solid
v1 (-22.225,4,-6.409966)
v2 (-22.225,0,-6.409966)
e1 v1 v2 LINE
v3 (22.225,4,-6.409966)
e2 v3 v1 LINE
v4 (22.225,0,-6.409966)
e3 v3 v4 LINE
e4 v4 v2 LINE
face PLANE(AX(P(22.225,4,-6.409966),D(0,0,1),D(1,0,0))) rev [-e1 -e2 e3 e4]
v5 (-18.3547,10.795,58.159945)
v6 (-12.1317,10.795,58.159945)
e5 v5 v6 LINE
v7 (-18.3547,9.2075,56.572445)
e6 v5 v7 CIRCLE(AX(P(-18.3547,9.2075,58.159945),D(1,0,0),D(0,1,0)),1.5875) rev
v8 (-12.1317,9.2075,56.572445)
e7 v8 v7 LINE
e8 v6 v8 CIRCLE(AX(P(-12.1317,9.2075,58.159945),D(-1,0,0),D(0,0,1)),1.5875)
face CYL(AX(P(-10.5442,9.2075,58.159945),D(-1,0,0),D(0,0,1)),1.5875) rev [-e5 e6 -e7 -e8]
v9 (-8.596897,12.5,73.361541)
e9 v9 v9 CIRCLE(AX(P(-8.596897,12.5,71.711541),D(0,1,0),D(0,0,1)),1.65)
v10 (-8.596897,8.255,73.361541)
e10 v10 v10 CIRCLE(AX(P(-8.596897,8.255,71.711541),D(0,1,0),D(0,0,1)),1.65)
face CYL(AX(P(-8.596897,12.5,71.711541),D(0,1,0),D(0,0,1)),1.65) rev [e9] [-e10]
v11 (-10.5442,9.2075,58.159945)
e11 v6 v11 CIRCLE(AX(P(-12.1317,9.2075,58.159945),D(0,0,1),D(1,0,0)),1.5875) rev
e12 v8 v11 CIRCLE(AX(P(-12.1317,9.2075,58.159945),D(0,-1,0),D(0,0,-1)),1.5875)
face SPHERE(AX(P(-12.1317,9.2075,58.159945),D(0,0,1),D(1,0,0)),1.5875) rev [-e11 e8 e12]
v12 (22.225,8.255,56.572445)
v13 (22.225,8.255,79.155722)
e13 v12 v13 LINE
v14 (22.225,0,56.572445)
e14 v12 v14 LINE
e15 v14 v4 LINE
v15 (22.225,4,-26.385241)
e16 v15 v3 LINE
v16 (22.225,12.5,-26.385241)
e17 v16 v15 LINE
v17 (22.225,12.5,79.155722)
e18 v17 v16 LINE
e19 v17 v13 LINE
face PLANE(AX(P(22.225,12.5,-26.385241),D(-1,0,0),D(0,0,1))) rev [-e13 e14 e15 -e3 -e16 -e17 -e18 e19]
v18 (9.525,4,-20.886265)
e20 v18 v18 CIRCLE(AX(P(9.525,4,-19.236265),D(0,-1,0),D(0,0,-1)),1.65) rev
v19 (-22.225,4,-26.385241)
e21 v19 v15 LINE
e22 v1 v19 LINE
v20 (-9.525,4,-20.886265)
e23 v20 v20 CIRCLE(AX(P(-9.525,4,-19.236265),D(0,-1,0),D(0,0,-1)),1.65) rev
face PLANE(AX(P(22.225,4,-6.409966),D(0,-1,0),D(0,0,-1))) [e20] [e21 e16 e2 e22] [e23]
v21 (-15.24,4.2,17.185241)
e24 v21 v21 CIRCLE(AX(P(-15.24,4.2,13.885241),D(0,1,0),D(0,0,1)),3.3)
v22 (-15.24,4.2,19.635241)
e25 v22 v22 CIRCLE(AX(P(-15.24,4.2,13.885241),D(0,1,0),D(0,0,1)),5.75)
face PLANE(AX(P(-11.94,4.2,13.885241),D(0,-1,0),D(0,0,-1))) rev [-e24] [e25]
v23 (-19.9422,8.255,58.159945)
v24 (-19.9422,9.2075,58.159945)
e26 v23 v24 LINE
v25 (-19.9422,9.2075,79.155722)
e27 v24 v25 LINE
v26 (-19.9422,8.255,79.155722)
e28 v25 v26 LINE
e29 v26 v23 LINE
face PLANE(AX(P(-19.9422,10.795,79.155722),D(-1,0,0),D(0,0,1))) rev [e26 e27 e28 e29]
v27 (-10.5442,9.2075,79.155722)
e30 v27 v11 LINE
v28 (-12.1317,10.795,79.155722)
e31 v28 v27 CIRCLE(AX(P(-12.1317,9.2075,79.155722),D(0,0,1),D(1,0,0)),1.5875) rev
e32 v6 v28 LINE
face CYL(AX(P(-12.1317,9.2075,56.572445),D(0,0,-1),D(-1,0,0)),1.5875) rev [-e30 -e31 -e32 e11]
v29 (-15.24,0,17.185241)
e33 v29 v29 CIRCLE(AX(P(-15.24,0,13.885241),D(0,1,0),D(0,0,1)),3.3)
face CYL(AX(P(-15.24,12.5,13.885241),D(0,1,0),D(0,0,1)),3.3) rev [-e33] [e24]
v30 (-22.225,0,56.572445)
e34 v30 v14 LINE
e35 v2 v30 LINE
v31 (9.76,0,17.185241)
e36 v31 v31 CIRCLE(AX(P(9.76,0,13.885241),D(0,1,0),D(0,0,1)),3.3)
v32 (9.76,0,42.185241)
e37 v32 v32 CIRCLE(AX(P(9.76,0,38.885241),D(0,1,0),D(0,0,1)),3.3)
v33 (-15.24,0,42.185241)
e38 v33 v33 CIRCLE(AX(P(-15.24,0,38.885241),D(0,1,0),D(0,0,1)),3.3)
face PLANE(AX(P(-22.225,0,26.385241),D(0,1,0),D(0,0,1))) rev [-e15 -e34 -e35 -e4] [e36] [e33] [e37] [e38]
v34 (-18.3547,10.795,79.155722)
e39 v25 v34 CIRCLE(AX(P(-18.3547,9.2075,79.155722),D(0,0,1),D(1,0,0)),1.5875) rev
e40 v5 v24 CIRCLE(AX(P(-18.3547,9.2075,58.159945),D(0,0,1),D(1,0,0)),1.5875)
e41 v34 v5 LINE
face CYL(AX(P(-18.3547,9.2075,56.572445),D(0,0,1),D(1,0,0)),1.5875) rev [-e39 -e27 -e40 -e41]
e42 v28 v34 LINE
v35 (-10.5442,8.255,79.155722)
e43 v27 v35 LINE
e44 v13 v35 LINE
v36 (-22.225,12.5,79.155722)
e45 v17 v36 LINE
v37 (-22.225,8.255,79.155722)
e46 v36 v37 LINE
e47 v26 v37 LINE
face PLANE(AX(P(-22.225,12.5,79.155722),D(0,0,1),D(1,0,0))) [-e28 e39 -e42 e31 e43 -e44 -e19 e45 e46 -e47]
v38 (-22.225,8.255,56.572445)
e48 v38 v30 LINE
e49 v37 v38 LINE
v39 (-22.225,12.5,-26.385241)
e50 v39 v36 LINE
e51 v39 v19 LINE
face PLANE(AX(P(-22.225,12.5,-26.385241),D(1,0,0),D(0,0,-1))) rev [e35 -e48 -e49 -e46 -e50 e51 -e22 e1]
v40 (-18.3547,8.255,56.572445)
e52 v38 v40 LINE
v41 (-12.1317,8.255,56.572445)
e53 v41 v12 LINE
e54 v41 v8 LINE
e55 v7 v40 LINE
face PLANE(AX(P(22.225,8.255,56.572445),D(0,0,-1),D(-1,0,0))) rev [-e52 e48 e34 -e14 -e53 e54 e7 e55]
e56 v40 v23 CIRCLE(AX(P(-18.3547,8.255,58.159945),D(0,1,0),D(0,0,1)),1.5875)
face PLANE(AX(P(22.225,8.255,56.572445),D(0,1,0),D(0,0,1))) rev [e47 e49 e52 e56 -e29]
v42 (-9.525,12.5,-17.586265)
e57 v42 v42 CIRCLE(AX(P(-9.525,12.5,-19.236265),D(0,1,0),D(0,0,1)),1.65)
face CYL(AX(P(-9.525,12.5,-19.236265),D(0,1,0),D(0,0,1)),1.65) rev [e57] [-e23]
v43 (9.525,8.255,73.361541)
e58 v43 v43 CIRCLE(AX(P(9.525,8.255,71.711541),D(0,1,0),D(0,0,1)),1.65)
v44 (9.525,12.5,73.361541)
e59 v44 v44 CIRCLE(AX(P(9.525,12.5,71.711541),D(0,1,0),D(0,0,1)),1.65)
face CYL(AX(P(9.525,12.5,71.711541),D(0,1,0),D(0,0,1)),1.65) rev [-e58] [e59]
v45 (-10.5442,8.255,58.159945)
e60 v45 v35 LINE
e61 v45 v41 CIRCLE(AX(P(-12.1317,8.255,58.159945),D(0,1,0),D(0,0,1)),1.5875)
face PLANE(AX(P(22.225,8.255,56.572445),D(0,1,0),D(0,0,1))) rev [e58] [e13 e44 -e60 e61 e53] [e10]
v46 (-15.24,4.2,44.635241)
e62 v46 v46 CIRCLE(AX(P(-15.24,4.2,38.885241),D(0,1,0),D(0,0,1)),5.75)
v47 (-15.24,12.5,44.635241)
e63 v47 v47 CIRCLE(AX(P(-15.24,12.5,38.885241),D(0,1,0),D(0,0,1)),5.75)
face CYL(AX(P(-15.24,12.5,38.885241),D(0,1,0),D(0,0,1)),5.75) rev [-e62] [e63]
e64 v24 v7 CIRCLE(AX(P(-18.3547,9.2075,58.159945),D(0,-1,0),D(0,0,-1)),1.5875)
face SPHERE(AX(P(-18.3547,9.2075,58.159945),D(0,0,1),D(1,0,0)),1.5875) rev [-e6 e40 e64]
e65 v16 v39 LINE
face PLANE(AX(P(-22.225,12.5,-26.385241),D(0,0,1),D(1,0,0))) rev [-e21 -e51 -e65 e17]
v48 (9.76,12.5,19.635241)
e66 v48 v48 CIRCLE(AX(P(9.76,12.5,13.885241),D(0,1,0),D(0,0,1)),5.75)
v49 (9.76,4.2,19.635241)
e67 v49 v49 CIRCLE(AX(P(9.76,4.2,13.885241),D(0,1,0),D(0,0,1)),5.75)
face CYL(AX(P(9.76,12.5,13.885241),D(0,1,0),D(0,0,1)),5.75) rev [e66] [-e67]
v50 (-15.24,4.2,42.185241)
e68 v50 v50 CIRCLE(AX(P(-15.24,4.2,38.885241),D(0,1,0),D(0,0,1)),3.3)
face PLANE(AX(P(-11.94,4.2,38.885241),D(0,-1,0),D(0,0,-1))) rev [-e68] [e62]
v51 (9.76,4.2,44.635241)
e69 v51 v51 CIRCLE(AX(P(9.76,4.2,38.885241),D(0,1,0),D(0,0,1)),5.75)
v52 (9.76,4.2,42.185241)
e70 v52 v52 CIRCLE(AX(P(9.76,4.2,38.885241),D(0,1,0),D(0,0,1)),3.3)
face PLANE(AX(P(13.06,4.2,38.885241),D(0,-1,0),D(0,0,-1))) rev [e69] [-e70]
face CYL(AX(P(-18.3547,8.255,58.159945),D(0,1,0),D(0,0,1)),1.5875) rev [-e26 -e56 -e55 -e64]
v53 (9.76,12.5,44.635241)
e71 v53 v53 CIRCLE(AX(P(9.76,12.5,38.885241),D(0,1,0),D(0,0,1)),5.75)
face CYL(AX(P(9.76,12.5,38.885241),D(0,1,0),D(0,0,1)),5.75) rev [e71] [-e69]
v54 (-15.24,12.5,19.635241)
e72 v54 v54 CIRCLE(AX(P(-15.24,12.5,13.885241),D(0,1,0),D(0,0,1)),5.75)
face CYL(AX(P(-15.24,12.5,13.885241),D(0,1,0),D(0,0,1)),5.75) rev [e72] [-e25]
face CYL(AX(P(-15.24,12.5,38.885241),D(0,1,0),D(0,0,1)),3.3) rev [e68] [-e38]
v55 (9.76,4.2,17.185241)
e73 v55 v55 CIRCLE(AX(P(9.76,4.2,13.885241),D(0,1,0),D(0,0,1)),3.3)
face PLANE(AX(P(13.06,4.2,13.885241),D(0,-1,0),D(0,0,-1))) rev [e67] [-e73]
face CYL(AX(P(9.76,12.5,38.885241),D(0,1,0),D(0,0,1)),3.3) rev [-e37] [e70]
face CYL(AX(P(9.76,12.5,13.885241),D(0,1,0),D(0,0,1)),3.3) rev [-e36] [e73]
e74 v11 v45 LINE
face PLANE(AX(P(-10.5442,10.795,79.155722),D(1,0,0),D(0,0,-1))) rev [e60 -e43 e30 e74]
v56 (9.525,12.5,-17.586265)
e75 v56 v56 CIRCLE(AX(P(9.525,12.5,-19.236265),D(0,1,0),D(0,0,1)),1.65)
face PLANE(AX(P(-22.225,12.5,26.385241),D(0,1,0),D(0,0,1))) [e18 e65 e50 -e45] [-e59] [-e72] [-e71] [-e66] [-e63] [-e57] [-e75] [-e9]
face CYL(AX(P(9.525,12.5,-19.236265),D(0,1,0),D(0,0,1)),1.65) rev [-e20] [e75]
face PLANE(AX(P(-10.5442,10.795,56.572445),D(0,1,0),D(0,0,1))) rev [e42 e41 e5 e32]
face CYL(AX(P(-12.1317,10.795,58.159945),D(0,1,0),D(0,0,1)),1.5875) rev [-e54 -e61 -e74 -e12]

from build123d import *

# Parameters (mm, degrees)
SKETCH1_W                       = 44.45
SKETCH1_H                       = 52.7704812
EXTRUDE1_DEPTH                  = 12.5
M4X0_7_TAPPED_HOLE2_D           = 3.3
CBORE_FOR_M6_SBHCS1_D           = 6.6
CBORE_FOR_M6_SBHCS1_CBORE_D     = 11.5
CBORE_FOR_M6_SBHCS1_CBORE_DEPTH = 8.3
SKETCH6_W                       = 44.45
SKETCH6_H                       = 22.583276864
EXTRUDE2_DEPTH                  = 8.255
SKETCH7_W                       = 44.45
SKETCH7_H                       = 19.975275
EXTRUDE3_DEPTH                  = 4
SKETCH8_W                       = 9.398
SKETCH8_H                       = 22.583276864
CUT_EXTRUDE1_DEPTH              = 2.54
FILLET1_R                       = 1.5875
M4X0_7_TAPPED_HOLE3_D           = 3.3


with BuildPart() as part:
    # Sketch1 → Extrude1 (new body)
    with BuildSketch(Plane(origin=(0, 0, 0), x_dir=(1, 0, 0), z_dir=(0, 1, 0))):
        Rectangle(SKETCH1_W, SKETCH1_H)
    extrude1 = extrude(amount=EXTRUDE1_DEPTH)

    # M4x0.7 Tapped Hole2 (through all)
    with Locations(Plane(origin=(0, 12.5, 0), x_dir=(-1, 0, 0), z_dir=(0, 1, 0))):
        with Locations((9.525000018, -19.236265325), (-9.525000018, -19.236265325)):
            Hole(M4X0_7_TAPPED_HOLE2_D / 2)

    # CBORE for M6 SBHCS1 (through all)
    with Locations(Plane(origin=(0, 12.5, 0), x_dir=(-1, 0, 0), z_dir=(0, 1, 0))):
        with Locations((15.24, 13.8852406), (-9.76, 13.8852406)):
            cbore_for_m6_sbhcs1 = CounterBoreHole(CBORE_FOR_M6_SBHCS1_D / 2, CBORE_FOR_M6_SBHCS1_CBORE_D / 2, CBORE_FOR_M6_SBHCS1_CBORE_DEPTH)

    # Mirror1: Extrude1, CBORE for M6 SBHCS1 across plane
    add(extrude1.mirror(Plane(origin=(-22.225, 12.5, 26.3852406), x_dir=(1, 0, 0), z_dir=(0, 0, -1))))
    add(cbore_for_m6_sbhcs1.mirror(Plane(origin=(-22.225, 12.5, 26.3852406), x_dir=(1, 0, 0), z_dir=(0, 0, -1))), mode=Mode.SUBTRACT)

    # Sketch6 → Extrude2 (cut)
    with BuildSketch(Plane.XZ):
        with Locations((0, 67.864083368)):
            Rectangle(SKETCH6_W, SKETCH6_H)
    extrude(amount=-EXTRUDE2_DEPTH, mode=Mode.SUBTRACT)

    # Sketch7 → Extrude3 (cut)
    with BuildSketch(Plane.XZ):
        with Locations((0, -16.3976031)):
            Rectangle(SKETCH7_W, SKETCH7_H)
    extrude(amount=-EXTRUDE3_DEPTH, mode=Mode.SUBTRACT)

    # Sketch8 → Cut-Extrude1 (cut)
    with BuildSketch(Plane.XZ.offset(-8.255)):
        with Locations((-15.2432004, 67.864083368)):
            Rectangle(SKETCH8_W, SKETCH8_H)
    extrude(amount=-CUT_EXTRUDE1_DEPTH, mode=Mode.SUBTRACT)

    # Fillet1
    fillet1_edges = [part.edges().sort_by_distance(p)[0] for p in [
        (-10.5442004, 9.525, 56.572444936),
        (-19.9422004, 10.795, 67.864083368),
        (-19.9422004, 9.525, 56.572444936),
        (-10.5442004, 10.795, 67.864083368),
        (-15.2432004, 10.795, 56.572444936),
    ]]
    fillet(fillet1_edges, radius=FILLET1_R)

    # M4x0.7 Tapped Hole3 (through all)
    with Locations(Plane(origin=(0, 12.5, 0), x_dir=(-1, 0, 0), z_dir=(0, 1, 0))):
        with Locations((-9.524999982, 71.7115406), (8.596896608, 71.7115406)):
            Hole(M4X0_7_TAPPED_HOLE3_D / 2)


solid = part.part
